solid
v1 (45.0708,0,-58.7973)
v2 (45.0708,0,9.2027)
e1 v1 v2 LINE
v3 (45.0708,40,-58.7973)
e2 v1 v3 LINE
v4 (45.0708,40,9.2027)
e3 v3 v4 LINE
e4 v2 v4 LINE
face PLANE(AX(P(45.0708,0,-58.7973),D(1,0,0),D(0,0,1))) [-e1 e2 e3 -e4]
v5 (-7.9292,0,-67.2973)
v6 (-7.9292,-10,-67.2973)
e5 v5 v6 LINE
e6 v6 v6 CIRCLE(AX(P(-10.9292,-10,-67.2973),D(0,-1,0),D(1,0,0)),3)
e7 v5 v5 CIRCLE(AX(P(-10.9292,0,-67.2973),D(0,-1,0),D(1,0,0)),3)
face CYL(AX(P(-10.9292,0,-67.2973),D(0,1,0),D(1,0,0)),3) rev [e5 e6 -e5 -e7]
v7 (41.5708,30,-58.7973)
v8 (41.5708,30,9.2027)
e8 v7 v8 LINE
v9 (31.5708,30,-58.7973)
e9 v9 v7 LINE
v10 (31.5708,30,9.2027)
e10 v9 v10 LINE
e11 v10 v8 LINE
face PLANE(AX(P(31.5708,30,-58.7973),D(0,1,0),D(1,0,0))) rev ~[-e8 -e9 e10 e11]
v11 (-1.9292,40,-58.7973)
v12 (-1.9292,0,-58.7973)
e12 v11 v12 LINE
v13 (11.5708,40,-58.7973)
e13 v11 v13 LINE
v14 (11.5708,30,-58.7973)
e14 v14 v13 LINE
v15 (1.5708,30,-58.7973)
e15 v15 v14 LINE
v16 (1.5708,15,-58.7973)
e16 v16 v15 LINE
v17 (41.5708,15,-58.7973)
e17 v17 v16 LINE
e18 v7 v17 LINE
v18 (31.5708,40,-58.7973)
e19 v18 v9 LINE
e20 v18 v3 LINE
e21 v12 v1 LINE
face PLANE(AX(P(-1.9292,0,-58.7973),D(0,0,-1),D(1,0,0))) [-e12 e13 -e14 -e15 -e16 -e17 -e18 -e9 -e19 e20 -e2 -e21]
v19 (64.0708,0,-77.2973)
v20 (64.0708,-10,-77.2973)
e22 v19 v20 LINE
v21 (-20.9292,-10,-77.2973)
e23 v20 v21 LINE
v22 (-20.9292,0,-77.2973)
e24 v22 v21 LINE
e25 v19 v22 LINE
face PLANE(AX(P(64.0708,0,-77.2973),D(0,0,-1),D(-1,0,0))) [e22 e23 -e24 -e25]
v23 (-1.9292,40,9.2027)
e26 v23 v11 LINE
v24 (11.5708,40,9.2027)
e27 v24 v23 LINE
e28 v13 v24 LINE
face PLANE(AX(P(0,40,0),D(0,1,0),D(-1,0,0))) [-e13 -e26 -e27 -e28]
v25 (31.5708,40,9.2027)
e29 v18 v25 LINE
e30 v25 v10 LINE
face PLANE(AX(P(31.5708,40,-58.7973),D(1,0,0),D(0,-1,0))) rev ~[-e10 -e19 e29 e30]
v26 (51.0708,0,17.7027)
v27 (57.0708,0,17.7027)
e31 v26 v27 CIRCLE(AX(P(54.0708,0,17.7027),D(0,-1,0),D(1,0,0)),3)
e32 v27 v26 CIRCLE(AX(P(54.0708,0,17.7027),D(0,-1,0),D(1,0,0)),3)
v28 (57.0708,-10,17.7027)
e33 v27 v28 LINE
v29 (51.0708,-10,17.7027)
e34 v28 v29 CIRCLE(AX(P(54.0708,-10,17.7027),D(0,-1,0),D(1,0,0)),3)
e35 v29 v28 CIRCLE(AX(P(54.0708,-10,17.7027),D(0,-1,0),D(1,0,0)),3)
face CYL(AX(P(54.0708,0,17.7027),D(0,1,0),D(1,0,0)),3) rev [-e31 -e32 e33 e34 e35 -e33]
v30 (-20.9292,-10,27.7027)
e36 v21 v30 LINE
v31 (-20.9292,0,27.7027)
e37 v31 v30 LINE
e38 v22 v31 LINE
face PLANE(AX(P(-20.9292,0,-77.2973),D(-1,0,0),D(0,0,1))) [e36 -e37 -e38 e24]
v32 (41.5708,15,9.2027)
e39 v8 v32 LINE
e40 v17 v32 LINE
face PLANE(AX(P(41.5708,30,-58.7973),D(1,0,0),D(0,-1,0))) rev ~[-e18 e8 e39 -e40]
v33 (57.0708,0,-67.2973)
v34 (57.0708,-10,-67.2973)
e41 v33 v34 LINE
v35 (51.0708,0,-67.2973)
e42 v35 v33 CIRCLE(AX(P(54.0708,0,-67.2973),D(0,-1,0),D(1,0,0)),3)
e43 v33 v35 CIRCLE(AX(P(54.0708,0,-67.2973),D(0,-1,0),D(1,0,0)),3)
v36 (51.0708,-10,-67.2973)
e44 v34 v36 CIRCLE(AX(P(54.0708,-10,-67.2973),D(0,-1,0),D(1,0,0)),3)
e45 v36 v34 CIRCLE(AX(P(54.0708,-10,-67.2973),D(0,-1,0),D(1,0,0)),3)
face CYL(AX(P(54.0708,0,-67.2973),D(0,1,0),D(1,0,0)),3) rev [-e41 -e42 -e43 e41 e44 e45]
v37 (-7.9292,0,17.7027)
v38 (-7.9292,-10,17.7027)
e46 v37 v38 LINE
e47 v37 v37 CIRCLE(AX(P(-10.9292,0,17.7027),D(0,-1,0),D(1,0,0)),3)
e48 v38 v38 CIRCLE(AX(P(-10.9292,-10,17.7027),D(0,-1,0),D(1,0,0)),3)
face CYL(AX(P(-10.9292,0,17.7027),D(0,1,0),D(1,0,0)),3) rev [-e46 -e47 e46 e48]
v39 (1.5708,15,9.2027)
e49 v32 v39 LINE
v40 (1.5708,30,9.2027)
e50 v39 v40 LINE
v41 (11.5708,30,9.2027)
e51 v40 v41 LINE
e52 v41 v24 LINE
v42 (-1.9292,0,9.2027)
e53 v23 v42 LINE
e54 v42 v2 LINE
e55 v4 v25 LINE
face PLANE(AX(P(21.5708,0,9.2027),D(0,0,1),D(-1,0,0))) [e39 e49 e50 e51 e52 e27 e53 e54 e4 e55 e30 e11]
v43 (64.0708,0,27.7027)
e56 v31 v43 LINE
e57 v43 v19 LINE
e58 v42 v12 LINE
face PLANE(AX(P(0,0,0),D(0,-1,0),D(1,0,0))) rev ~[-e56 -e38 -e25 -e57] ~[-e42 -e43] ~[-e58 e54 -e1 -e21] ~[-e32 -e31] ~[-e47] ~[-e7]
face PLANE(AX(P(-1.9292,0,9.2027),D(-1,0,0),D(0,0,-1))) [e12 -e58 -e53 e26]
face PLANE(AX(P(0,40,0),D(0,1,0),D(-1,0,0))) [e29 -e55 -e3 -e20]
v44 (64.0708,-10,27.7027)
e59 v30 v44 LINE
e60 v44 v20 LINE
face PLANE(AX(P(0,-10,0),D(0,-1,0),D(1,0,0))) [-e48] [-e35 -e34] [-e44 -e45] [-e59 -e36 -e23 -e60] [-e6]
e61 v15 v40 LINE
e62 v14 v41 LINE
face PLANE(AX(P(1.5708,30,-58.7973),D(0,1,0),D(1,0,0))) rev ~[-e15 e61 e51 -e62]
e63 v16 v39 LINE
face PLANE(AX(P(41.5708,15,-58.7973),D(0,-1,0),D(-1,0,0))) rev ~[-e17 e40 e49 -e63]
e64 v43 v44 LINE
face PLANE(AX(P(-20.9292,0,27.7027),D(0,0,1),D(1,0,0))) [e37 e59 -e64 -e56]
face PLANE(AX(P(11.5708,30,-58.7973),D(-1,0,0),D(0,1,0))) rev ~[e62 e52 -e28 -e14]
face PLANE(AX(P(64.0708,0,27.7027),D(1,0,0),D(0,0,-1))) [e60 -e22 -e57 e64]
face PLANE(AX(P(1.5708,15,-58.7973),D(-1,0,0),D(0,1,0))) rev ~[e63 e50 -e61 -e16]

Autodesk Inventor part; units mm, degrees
ref_plane "YZ Plane" through (0, 0, 0) normal (1, 0, 0) x (0, 1, 0)
ref_plane "XZ Plane" through (0, 0, 0) normal (0, 1, 0) x (-1, 0, 0)
ref_plane "XY Plane" through (0, 0, 0) normal (0, 0, 1) x (1, 0, 0)
sketch "Sketch1" plane through (0, 0, 0) normal (0, 1, 0) x (-1, 0, 0)
  point P0 (0, 0)
sketch "Sketch2" plane through (0, 0, 0) normal (0, 1, 0) x (-1, 0, 0)
  line L0 (10.9292, 17.7027) -> (-54.0708, 17.7027)
  line L1 (-54.0708, 17.7027) -> (-54.0708, -67.2973)
  line L2 (-54.0708, -67.2973) -> (10.9292, -67.2973)
  line L3 (10.9292, -67.2973) -> (10.9292, 17.7027)
  line L4 (10.9292, -24.7973) -> (-21.5708, -24.7973) construction
  line L5 (-21.5708, -24.7973) -> (-21.5708, 9.2027) construction
  line L6 (-21.5708, 9.2027) -> (1.9292, 9.2027)
  line L7 (1.9292, 9.2027) -> (1.9292, -58.7973)
  line L8 (1.9292, -58.7973) -> (-45.0708, -58.7973)
  line L9 (-45.0708, -58.7973) -> (-45.0708, 9.2027)
  line L10 (-45.0708, 9.2027) -> (-21.5708, 9.2027)
  line L11 (10.9292, 12.7027) -> (5.9292, 12.7027) construction
  circle A0 centre (5.9292, 12.7027) radius 3
  line L12 (10.9292, -62.2973) -> (5.9292, -62.2973) construction
  circle A1 centre (5.9292, -62.2973) radius 3
  line L13 (-54.0708, -62.2973) -> (-49.0708, -62.2973) construction
  circle A2 centre (-49.0708, -62.2973) radius 3
  line L14 (-54.0708, 12.7027) -> (-49.0708, 12.7027) construction
  circle A3 centre (-49.0708, 12.7027) radius 3
  point P0 (0, 0)
  dimension "d0" = 65
  dimension "d1" = 85
  dimension "d2" = 34
  dimension "d3" = 23.5
  dimension "d4" = 68
  dimension "d5" = 47
  dimension "d6" = 68
  dimension "d8" = 5
  dimension "d9" = 6
  dimension "d11" = 5
  dimension "d12" = 6
  dimension "d14" = 5
  dimension "d15" = 6
  dimension "d17" = 5
  dimension "d18" = 6
extrude "Extrusion1" add sketch "Sketch2" along normal blind 10 contours L3 L2 L1 L0 | L6 L7 L8 L9 L10
extrude "Extrusion2" cut sketch "Sketch2" along normal blind 20 contours L6 L7 L8 L9 L10
extrude "Extrusion3" add sketch "Sketch2" along normal blind 40 contours L6 L7 L8 L9 L10
sketch "Sketch3" plane through (45.0708, 10, -58.7973) normal (0, 0, -1) x (-1, 0, 0)
  line L0 (47, 30) -> (0, 30) projected
  line L1 (0, 30) -> (13.5, 30) construction
  line L2 (47, 30) -> (33.5, 30) construction
  line L3 (13.5, 30) -> (13.5, 20)
  line L4 (13.5, 20) -> (3.5, 20)
  line L5 (3.5, 20) -> (3.5, 5)
  line L6 (3.5, 5) -> (43.5, 5)
  line L7 (43.5, 5) -> (43.5, 20)
  line L8 (43.5, 20) -> (33.5, 20)
  line L9 (33.5, 20) -> (33.5, 30)
  line L10 (13.5, 30) -> (33.5, 30)
  point P0 (45.0708, -10)
  dimension "d25" = 13.5
  dimension "d26" = 13.5
  dimension "d27" = 10
  dimension "d28" = 10
  dimension "d29" = 15
  dimension "d30" = 40
  dimension "d31" = 15
  dimension "d32" = 10
extrude "Extrusion4" cut sketch "Sketch3" against normal blind 68
sketch "Sketch4" plane through (45.0708, 10, -58.7973) normal (0, 0, -1) x (-1, 0, 0)
  point P0 (45.0708, -10)
sketch "Sketch5" plane through (0, 0, 0) normal (0, -1, 0) x (1, 0, 0)
  line L0 (-10.9292, 17.7027) -> (54.0708, 17.7027) projected
  line L1 (-20.9292, 27.7027) -> (64.0708, 27.7027)
  line L2 (64.0708, 27.7027) -> (64.0708, -77.2973)
  line L3 (64.0708, -77.2973) -> (-20.9292, -77.2973)
  line L4 (-20.9292, -77.2973) -> (-20.9292, 27.7027)
  circle A0 centre (54.0708, 17.7027) radius 3
  circle A1 centre (-10.9292, 17.7027) radius 3
  line L5 (54.0708, -67.2973) -> (-10.9292, -67.2973) projected
  circle A2 centre (-10.9292, -67.2973) radius 3
  circle A3 centre (54.0708, -67.2973) radius 3
  point P0 (0, 0)
  dimension "d37" = 85
  dimension "d38" = 105
  dimension "d41" = 6
  dimension "d42" = 105
  dimension "d43" = 6
  dimension "d44" = 6
  dimension "d45" = 6
extrude "Extrusion5" cut sketch "Sketch2" along normal blind 10
extrude "Extrusion6" add sketch "Sketch5" along normal blind 10
properties part number "Base"
